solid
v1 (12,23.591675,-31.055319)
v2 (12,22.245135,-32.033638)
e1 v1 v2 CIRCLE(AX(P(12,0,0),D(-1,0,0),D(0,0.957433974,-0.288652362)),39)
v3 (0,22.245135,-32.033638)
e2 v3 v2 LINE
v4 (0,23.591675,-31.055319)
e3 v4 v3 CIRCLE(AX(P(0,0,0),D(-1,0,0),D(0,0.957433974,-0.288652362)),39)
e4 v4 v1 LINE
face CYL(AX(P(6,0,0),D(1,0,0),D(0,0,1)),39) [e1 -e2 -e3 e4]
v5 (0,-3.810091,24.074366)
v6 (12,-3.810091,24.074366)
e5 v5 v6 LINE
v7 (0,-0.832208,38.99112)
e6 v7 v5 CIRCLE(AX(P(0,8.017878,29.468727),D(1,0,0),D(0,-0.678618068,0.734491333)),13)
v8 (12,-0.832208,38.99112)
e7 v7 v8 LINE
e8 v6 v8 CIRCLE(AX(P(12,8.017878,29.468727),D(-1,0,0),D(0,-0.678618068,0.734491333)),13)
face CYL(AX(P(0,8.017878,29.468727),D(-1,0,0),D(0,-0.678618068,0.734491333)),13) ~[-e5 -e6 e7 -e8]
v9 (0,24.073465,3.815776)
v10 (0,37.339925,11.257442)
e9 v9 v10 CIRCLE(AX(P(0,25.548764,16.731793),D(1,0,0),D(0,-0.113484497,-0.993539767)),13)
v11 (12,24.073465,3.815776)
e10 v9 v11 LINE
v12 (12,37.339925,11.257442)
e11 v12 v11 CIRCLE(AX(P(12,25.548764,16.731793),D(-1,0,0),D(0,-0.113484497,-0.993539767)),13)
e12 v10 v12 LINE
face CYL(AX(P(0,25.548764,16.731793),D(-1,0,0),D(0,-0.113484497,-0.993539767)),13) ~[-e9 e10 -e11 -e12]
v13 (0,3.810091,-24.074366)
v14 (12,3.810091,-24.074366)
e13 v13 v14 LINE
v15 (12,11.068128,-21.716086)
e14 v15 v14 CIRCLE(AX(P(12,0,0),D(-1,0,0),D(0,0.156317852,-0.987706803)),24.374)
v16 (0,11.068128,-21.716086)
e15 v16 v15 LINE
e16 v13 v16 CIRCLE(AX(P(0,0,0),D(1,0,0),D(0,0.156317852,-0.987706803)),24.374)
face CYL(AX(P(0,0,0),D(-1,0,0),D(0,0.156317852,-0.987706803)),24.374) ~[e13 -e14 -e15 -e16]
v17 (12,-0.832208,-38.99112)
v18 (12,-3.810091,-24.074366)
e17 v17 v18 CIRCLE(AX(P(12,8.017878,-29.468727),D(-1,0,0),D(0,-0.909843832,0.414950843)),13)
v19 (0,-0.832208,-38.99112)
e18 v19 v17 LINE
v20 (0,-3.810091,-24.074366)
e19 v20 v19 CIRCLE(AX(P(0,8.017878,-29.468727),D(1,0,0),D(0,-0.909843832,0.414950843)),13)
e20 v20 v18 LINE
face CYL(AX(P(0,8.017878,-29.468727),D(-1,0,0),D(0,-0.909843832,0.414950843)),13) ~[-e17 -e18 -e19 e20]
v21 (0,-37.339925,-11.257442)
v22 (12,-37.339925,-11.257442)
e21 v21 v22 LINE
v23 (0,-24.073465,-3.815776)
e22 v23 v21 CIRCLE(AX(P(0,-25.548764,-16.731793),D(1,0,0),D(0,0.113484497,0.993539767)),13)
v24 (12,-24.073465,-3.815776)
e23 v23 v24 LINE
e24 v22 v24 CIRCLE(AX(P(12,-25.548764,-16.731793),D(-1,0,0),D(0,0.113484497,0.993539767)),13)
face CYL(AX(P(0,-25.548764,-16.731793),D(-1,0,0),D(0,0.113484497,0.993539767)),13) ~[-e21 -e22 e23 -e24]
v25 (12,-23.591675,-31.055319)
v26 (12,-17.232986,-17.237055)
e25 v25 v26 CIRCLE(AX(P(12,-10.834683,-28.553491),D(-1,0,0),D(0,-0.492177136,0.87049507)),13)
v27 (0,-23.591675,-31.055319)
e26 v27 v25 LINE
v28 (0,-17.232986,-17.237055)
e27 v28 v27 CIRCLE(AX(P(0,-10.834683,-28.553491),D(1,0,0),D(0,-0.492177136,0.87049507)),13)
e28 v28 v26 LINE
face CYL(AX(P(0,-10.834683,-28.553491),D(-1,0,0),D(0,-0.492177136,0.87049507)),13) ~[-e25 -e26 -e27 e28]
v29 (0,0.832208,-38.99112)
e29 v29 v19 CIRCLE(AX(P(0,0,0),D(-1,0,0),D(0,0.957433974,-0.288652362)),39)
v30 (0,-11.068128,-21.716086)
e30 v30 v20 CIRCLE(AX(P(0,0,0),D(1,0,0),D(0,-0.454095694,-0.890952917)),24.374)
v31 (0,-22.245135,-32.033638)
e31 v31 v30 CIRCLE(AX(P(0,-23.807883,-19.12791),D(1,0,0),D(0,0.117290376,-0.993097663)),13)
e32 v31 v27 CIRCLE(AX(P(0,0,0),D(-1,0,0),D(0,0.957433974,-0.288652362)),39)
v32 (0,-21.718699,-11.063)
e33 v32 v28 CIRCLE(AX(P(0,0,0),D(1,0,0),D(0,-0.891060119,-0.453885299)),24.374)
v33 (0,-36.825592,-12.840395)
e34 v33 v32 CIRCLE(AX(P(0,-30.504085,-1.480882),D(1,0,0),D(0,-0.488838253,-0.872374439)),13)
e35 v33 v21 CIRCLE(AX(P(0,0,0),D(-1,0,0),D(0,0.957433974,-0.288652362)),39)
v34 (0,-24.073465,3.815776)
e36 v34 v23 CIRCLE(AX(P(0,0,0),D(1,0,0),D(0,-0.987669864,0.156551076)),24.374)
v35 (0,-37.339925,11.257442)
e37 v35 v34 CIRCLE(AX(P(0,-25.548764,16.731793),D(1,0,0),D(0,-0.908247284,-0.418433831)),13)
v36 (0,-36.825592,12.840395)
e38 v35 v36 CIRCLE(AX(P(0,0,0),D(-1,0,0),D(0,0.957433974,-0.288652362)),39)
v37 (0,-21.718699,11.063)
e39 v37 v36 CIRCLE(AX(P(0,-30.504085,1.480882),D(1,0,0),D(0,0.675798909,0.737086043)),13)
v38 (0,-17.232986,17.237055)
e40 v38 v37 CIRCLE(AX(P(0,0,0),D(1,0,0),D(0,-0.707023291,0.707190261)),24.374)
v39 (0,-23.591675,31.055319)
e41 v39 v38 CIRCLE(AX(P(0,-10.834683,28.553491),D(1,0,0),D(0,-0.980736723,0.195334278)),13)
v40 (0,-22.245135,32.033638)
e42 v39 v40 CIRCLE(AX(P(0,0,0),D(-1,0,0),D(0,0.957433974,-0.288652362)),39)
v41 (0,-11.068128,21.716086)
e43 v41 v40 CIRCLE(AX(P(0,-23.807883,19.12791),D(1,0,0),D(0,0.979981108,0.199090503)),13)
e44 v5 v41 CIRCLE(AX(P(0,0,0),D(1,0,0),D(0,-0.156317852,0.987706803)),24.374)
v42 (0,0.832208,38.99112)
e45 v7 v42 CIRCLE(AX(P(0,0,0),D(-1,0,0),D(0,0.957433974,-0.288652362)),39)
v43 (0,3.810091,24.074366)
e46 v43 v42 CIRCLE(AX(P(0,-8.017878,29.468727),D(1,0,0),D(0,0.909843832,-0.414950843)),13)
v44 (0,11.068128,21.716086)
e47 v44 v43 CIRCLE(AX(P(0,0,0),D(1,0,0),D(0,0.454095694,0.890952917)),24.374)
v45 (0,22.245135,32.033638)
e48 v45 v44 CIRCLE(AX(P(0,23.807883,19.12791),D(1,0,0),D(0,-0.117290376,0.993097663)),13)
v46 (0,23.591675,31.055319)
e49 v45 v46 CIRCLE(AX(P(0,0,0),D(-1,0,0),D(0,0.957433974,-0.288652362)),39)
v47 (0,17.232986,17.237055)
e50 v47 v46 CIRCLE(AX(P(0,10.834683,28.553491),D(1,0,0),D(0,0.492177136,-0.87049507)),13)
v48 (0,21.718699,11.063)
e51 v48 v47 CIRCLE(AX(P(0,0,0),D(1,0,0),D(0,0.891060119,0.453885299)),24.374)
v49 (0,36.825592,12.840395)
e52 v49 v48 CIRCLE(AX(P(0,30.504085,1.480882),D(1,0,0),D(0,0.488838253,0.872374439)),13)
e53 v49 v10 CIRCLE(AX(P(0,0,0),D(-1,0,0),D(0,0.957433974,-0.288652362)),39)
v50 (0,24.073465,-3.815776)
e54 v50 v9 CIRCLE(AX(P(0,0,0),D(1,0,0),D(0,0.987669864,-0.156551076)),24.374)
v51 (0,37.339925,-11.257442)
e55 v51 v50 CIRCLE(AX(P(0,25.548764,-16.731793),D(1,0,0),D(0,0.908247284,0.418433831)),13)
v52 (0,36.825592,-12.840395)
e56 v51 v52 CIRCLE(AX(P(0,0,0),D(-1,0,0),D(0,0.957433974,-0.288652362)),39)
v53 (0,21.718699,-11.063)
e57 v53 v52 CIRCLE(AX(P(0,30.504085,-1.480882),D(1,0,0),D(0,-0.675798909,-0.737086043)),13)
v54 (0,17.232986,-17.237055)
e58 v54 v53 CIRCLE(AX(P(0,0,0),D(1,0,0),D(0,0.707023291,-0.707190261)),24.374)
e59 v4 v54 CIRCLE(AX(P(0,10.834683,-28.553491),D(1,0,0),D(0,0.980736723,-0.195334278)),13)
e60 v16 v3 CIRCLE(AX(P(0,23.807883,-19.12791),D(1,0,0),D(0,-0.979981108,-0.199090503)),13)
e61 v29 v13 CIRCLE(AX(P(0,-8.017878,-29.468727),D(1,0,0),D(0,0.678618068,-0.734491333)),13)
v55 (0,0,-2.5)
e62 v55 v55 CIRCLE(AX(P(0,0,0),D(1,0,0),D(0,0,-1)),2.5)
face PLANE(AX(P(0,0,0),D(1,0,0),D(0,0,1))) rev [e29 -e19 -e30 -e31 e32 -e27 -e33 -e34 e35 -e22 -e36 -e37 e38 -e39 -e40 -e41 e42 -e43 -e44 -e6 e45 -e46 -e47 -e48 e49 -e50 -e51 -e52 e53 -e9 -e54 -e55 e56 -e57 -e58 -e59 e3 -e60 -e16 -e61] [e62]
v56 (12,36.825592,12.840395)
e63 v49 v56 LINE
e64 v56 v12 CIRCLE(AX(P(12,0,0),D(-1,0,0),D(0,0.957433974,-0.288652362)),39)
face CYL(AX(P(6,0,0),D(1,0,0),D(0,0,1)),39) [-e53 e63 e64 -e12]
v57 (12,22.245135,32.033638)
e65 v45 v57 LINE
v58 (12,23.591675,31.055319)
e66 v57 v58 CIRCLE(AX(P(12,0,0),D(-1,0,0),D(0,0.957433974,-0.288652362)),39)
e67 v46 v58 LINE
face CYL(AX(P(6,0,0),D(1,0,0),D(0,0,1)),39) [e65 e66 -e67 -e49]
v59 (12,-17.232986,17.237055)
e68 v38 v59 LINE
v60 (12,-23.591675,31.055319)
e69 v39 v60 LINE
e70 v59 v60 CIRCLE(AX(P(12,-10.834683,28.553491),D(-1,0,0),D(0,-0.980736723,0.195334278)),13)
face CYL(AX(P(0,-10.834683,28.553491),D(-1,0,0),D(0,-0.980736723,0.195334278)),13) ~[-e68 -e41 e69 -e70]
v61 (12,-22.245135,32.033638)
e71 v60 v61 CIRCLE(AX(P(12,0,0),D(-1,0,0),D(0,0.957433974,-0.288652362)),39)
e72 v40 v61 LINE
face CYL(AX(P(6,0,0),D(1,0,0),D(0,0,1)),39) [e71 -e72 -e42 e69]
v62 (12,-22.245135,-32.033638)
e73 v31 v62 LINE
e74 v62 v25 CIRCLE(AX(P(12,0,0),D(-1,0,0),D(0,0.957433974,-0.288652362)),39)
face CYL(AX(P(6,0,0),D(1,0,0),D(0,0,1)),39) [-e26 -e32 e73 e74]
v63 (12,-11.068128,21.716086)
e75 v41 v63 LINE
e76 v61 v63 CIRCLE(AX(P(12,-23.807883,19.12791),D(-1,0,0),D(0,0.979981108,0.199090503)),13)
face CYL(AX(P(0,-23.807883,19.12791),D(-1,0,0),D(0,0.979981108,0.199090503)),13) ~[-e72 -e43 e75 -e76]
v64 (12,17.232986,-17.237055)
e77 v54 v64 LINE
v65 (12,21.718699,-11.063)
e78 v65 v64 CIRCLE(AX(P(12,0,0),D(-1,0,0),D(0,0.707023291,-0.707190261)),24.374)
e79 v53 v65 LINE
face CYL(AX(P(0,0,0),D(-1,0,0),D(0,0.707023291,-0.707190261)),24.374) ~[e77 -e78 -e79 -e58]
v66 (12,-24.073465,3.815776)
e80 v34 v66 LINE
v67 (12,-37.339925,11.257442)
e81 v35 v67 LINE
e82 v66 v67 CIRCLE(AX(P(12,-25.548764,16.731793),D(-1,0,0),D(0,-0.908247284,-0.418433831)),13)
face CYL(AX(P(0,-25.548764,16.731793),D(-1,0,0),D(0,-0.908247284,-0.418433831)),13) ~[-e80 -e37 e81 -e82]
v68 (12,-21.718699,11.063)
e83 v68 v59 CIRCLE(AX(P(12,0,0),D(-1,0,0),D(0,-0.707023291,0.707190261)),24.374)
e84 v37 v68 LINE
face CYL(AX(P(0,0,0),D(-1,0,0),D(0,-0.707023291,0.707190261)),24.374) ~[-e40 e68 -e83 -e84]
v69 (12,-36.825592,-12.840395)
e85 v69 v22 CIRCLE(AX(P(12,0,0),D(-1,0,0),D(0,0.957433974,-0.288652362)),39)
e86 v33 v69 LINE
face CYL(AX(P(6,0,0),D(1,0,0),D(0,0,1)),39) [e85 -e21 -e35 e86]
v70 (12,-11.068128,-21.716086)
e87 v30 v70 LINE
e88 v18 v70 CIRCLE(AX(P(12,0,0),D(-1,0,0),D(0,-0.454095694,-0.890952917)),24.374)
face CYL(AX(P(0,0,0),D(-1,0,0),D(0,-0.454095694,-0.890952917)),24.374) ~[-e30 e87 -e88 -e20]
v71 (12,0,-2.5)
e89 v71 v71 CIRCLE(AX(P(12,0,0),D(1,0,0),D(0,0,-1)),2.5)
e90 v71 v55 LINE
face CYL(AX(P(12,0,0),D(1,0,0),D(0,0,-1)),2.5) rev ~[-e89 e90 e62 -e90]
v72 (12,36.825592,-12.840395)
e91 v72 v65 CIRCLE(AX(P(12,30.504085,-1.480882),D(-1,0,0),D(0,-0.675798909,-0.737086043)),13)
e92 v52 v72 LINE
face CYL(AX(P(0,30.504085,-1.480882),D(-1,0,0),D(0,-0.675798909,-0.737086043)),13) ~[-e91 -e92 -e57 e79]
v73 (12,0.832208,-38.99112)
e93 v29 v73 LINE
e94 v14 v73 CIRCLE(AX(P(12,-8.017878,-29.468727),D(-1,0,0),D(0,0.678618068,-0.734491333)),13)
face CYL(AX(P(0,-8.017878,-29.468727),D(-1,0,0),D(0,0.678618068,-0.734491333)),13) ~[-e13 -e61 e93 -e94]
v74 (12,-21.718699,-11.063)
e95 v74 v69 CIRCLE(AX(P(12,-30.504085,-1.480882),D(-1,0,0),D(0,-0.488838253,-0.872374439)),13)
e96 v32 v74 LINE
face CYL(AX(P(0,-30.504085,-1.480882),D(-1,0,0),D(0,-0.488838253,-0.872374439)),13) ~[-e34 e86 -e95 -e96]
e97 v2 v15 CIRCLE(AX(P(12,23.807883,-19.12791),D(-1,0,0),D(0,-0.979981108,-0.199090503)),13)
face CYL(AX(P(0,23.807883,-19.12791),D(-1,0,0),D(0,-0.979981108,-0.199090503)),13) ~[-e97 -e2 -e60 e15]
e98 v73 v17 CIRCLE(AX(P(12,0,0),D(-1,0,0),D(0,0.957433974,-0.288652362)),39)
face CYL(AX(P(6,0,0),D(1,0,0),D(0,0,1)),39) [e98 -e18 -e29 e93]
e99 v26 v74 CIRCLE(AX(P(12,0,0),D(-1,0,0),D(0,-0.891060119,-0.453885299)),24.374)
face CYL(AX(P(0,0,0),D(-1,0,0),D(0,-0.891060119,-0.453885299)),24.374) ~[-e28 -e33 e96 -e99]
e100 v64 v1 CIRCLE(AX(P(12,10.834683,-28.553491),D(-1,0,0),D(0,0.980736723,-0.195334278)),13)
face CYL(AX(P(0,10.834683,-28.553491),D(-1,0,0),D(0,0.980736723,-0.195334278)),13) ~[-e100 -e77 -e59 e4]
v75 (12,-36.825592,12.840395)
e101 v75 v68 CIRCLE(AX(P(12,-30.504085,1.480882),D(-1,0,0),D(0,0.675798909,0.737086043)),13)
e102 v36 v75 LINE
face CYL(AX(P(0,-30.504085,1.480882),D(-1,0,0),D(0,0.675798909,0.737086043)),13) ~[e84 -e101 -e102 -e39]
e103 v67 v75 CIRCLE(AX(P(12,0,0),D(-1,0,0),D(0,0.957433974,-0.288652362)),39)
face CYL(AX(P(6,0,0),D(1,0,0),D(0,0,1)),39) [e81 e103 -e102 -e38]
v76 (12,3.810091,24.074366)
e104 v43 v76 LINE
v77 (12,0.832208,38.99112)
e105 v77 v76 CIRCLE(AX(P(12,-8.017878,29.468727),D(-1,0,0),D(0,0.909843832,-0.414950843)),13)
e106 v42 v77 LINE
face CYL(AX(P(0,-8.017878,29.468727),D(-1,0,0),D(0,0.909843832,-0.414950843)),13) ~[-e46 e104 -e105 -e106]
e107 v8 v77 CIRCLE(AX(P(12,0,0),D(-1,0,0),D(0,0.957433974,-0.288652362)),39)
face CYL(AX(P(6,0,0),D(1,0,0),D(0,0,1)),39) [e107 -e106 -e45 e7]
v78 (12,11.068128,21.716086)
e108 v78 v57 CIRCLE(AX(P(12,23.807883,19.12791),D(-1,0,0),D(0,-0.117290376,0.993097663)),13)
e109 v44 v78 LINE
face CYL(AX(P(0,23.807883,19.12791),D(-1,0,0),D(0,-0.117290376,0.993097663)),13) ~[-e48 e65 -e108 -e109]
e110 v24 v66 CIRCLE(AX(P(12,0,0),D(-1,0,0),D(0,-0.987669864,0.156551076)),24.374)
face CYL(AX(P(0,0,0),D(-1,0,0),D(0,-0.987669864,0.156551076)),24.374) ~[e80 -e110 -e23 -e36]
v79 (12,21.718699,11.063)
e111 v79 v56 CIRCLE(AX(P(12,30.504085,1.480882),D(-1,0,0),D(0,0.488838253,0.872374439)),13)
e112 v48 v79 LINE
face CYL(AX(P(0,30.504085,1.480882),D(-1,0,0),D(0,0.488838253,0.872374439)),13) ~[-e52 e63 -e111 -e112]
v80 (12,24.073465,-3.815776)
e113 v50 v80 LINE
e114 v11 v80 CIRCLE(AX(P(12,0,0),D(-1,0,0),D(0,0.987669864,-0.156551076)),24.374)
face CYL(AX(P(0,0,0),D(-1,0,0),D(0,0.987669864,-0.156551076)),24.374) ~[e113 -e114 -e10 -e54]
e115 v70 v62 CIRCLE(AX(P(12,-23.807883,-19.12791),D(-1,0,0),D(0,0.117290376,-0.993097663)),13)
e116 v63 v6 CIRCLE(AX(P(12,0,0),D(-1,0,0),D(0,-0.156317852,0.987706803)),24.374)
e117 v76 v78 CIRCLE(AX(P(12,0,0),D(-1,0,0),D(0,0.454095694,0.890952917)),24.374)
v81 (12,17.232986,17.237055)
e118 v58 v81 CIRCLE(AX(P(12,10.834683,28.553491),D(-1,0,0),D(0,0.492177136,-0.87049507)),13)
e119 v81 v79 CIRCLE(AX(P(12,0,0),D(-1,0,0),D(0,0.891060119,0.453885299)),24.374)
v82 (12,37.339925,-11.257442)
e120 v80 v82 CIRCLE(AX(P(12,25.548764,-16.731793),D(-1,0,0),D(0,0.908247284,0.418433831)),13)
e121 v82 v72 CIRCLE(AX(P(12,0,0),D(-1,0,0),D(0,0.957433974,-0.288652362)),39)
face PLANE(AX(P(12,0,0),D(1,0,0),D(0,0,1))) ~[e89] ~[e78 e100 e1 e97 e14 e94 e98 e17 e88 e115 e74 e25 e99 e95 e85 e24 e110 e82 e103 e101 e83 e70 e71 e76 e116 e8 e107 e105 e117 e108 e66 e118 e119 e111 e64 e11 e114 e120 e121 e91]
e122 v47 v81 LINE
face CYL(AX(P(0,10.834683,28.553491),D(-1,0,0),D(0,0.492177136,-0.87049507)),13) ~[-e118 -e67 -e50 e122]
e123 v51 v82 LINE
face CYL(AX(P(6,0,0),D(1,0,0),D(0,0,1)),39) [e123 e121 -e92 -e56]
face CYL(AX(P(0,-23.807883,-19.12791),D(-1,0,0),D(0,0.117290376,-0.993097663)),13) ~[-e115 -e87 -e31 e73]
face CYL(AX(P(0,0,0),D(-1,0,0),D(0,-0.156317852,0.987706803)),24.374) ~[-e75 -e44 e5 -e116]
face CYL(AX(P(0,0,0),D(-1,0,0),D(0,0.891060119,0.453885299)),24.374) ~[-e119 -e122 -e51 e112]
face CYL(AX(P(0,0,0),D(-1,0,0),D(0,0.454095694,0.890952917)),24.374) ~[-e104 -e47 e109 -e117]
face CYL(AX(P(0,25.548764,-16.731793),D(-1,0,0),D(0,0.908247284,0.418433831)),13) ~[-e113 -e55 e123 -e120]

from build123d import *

# Parameters (mm, degrees)
BASPROSKE_W           = 12
BASPROSKE_H           = 39
TOOTHCUT_DEPTH        = 57.444663167
TEETHCUTS_COUNT       = 10
TEETHCUTS_ANGLE       = 324
BORSKE_R              = 1.5
BORE_DEPTH            = 50.0000508
CROQUIS1_R            = 2.5
CORTAR_EXTRUIR1_DEPTH = 56.31066802


with BuildPart() as part:
    # BasProSke → Base-Revolve (revolve)
    with BuildSketch(Plane(origin=(0, 0, 0), x_dir=(1, 0, 0), z_dir=(0, 1, 0)), mode=Mode.PRIVATE) as base_revolve_sk:
        with Locations((6, 19.5)):
            Rectangle(BASPROSKE_W, BASPROSKE_H)
    revolve(base_revolve_sk.sketch.rotate(Axis((-10, 0, 0), (1, 0, 0)), 180), axis=Axis((-10, 0, 0), (1, 0, 0)))

    # TooCutSke → ToothCut (cut, through all)
    with BuildSketch(Plane(origin=(0, 0, 0), x_dir=(0, 0, -1), z_dir=(1, 0, 0))):
        with BuildLine():
            ThreePointArc((3.815775932, 24.073465269), (0, 24.374), (-3.815775932, 24.073465269))
            ThreePointArc((-3.815775932, 24.073465269), (-5.403120307, 31.925375456), (-11.292153099, 37.355978418))
            ThreePointArc((-11.292153099, 37.355978418), (0, 39.0254), (11.292153099, 37.355978418))
            ThreePointArc((11.292153099, 37.355978418), (5.403120307, 31.925375456), (3.815775932, 24.073465269))
        make_face()
    toothcut = extrude(amount=TOOTHCUT_DEPTH, mode=Mode.SUBTRACT)

    # TeethCuts: ToothCut ×10 about axis
    teethcuts_axis = Axis((-10, 0, 0), (1, 0, 0))
    for i in range(1, TEETHCUTS_COUNT):
        add(toothcut.rotate(teethcuts_axis, i * TEETHCUTS_ANGLE / (TEETHCUTS_COUNT - 1)), mode=Mode.SUBTRACT)

    # BorSke → Bore (cut, symmetric)
    with BuildSketch(Plane(origin=(0, 0, 0), x_dir=(0, 0, -1), z_dir=(1, 0, 0))):
        with Locations(Location((0, 0, 0), (0, 0, 180))):
            Circle(BORSKE_R)
    extrude(amount=BORE_DEPTH, both=True, mode=Mode.SUBTRACT)

    # Croquis1 → Cortar-Extruir1 (cut, through all)
    with BuildSketch(Plane.YZ.offset(12)):
        with Locations(Location((0, 0, 0), (0, 0, 270))):
            Circle(CROQUIS1_R)
    extrude(amount=-CORTAR_EXTRUIR1_DEPTH, mode=Mode.SUBTRACT)


solid = part.part
